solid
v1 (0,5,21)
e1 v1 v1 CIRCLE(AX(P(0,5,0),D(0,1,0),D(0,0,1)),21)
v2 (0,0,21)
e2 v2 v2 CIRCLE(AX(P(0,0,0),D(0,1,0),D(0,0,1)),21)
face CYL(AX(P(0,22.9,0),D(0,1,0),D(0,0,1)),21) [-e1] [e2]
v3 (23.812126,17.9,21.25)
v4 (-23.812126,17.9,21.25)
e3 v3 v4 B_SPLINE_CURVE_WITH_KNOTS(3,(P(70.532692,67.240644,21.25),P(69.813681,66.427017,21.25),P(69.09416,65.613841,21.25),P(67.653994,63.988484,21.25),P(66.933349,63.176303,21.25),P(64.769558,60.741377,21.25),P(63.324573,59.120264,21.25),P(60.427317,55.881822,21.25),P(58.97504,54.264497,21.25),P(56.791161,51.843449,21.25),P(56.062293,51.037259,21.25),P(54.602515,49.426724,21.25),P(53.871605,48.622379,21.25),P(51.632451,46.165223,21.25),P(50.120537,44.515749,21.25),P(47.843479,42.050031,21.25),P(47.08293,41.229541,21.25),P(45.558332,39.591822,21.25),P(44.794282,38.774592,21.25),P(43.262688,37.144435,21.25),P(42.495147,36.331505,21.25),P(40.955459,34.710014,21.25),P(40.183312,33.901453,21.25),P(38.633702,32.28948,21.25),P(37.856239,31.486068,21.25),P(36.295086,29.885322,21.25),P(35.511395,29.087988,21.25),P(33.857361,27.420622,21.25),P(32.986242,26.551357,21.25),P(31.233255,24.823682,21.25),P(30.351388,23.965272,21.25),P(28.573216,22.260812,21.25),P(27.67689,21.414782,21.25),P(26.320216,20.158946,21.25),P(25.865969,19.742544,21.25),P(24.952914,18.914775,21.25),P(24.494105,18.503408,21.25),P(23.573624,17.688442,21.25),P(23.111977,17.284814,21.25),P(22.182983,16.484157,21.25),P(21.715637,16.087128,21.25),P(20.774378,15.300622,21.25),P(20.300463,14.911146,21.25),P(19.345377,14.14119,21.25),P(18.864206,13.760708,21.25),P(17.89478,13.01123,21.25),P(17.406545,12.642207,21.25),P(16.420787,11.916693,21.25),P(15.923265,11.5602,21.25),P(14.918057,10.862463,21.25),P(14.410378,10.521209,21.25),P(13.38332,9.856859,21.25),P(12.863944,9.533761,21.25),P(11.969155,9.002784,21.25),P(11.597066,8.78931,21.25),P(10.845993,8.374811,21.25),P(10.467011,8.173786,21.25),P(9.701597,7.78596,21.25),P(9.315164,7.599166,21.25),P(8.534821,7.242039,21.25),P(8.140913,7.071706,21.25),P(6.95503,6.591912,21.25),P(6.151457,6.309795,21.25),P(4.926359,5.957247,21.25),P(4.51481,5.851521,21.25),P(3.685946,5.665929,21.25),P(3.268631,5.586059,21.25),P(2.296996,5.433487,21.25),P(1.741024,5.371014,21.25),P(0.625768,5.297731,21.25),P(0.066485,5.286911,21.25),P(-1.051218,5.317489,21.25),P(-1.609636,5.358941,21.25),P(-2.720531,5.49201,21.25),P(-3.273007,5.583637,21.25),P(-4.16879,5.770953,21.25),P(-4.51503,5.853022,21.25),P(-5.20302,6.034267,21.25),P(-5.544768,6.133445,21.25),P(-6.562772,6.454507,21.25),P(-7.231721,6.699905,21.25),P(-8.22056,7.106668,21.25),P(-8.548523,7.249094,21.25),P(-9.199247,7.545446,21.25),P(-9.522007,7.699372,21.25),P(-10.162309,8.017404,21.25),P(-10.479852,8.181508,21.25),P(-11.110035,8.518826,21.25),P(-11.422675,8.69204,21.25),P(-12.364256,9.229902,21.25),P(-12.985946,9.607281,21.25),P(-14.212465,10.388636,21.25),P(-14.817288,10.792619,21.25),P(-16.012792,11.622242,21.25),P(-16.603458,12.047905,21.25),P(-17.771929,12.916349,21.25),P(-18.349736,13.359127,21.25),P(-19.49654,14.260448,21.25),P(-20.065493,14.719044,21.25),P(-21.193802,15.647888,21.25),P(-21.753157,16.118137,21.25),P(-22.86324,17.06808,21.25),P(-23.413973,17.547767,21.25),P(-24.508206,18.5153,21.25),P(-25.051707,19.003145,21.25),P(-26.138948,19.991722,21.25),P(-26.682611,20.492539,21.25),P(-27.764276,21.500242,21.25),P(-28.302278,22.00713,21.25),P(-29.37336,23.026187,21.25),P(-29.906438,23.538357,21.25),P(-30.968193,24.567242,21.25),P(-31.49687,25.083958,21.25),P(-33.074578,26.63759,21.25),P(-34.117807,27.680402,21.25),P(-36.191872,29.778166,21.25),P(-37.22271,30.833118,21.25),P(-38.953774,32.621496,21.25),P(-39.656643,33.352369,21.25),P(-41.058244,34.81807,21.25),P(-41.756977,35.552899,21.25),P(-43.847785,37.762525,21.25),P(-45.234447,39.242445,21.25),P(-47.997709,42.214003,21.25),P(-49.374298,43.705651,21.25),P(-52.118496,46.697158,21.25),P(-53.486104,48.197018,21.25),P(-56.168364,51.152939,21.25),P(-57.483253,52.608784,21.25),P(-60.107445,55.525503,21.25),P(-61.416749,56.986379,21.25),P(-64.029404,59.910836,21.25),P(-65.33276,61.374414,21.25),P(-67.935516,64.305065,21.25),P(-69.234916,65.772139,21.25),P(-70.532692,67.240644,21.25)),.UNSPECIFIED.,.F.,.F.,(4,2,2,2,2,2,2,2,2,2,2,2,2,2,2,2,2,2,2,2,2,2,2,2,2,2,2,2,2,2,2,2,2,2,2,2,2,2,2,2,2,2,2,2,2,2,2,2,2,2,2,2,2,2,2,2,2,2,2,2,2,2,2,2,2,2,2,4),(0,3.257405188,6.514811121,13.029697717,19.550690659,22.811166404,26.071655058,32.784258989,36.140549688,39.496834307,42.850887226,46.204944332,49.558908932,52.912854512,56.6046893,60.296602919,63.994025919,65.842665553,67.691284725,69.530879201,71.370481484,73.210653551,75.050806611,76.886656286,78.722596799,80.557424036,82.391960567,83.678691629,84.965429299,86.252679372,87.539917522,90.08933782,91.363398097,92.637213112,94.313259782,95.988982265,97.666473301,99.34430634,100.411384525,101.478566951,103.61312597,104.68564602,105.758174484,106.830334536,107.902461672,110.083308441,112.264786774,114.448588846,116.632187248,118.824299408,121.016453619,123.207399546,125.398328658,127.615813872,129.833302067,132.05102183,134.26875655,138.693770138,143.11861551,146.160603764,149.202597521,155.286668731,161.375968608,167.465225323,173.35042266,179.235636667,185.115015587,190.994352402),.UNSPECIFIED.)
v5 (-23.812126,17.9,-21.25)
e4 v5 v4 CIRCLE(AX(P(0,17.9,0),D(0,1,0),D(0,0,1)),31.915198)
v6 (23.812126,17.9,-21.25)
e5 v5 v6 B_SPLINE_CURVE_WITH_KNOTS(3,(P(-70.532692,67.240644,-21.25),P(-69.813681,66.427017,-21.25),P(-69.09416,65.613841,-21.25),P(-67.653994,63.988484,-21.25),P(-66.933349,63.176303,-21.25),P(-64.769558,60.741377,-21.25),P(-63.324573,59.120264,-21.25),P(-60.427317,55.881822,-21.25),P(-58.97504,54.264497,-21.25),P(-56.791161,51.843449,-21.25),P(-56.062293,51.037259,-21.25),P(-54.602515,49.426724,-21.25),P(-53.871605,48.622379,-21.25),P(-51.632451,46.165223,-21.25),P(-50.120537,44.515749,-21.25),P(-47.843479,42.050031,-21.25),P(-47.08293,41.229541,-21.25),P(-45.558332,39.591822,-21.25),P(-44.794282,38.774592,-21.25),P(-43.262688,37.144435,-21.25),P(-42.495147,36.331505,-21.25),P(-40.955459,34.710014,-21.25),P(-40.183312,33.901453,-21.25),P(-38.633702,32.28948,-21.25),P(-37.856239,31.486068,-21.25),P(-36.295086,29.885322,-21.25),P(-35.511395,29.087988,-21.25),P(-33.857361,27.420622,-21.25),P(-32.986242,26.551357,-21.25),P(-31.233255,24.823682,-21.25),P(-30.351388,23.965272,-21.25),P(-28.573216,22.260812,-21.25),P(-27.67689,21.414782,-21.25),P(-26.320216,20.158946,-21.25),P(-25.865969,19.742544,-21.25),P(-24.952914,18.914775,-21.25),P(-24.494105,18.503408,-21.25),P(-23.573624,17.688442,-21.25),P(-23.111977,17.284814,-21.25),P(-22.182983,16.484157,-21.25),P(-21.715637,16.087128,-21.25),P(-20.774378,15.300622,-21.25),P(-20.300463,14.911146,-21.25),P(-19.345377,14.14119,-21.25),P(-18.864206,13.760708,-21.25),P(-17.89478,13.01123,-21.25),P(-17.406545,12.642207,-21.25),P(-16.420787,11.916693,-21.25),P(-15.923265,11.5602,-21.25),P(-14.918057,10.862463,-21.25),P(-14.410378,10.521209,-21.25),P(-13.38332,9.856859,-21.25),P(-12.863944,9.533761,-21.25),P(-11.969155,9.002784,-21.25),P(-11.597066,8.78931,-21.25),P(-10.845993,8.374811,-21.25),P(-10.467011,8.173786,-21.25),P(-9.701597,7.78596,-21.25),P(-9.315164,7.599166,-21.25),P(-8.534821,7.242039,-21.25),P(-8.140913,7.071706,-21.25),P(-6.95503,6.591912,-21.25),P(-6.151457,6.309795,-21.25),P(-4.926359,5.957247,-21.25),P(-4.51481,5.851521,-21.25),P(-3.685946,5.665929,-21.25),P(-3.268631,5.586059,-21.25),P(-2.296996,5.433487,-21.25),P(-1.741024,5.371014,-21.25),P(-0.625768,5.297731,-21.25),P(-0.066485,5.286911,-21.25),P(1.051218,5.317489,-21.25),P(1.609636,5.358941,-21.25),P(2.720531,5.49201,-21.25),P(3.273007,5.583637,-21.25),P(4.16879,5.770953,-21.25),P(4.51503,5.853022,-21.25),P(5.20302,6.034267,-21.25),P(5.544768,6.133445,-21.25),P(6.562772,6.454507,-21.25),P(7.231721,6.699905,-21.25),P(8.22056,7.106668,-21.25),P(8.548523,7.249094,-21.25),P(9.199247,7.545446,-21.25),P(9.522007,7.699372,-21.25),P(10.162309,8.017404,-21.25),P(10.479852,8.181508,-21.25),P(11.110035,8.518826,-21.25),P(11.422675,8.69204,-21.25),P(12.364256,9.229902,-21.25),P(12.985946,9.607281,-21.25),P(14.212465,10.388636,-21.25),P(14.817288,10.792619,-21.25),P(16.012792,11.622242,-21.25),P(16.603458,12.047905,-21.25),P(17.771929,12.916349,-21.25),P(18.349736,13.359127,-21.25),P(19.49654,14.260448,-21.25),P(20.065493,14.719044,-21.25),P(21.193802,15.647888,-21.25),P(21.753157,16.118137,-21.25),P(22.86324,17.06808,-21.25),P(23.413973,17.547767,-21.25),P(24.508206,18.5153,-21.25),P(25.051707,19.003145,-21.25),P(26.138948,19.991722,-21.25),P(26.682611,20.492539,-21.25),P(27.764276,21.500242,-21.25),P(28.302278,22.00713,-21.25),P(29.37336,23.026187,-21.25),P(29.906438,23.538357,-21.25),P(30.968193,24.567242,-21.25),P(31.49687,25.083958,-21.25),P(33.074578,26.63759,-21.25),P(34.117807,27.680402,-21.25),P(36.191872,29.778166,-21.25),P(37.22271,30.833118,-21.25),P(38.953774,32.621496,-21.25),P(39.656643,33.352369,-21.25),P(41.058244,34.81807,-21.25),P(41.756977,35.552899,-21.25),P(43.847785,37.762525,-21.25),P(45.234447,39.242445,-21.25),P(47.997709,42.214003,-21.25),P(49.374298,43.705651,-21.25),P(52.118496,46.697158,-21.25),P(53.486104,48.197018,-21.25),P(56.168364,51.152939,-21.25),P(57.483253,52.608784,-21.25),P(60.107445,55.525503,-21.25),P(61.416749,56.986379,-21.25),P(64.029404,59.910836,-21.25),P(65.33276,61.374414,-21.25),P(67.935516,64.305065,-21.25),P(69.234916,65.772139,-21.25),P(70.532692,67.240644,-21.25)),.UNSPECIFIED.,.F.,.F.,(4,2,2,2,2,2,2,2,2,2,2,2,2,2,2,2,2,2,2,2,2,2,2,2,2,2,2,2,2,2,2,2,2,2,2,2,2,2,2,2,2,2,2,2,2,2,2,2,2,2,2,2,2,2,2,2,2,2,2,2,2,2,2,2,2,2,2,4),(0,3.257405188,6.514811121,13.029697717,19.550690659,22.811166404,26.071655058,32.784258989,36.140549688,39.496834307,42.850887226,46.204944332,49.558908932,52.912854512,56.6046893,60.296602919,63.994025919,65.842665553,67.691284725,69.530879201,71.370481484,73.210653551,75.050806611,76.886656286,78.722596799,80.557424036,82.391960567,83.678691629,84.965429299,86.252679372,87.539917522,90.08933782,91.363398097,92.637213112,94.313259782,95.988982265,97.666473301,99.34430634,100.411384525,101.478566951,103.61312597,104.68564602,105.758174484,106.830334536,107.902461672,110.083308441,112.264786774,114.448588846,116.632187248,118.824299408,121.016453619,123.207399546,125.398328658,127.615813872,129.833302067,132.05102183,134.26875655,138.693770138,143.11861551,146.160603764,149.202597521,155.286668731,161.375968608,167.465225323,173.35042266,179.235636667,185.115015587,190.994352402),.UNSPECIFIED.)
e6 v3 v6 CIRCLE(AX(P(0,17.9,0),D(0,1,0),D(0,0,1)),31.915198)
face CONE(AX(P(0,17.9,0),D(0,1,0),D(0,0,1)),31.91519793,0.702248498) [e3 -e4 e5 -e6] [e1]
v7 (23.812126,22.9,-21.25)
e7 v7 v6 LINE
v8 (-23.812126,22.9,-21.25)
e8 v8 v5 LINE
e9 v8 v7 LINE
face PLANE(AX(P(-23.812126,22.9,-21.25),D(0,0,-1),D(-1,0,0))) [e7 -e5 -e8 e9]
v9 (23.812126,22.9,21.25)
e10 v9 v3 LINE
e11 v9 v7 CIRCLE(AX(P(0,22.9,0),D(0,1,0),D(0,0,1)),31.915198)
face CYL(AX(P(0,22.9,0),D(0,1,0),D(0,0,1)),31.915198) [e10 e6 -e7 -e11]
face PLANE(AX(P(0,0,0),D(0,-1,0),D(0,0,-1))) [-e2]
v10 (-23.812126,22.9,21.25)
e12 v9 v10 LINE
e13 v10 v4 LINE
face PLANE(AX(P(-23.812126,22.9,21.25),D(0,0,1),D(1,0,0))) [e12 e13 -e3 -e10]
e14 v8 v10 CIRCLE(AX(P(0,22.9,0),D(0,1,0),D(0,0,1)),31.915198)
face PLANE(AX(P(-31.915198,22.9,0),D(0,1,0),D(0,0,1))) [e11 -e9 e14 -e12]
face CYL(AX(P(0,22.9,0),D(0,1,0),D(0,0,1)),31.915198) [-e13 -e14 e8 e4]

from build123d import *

# Parameters (mm, degrees)
SKETCH2_W          = 47.62425259
SKETCH2_H          = 10.665197925
CUT_EXTRUDE2_DEPTH = 23.9


with BuildPart() as part:
    # Sketch1 → Revolve1 (revolve)
    with BuildSketch(Plane.XY):
        Polygon((0, 0), (-21, 0), (-21, 5), (-31.91519793, 17.9), (-31.91519793, 22.9), (0, 22.9), align=None)
    revolve(axis=Axis((0, 22.9, 0), (0, -1, 0)))

    # Sketch2 → Cut-Extrude2 (cut, through all)
    with BuildSketch(Plane(origin=(0, 0, 0), x_dir=(1, 0, 0), z_dir=(0, 1, 0))):
        with Locations((0, 26.582598968)):
            Rectangle(SKETCH2_W, SKETCH2_H)
        with Locations((0, -26.582598968)):
            Rectangle(SKETCH2_W, SKETCH2_H)
    extrude(amount=CUT_EXTRUDE2_DEPTH, mode=Mode.SUBTRACT)


solid = part.part
